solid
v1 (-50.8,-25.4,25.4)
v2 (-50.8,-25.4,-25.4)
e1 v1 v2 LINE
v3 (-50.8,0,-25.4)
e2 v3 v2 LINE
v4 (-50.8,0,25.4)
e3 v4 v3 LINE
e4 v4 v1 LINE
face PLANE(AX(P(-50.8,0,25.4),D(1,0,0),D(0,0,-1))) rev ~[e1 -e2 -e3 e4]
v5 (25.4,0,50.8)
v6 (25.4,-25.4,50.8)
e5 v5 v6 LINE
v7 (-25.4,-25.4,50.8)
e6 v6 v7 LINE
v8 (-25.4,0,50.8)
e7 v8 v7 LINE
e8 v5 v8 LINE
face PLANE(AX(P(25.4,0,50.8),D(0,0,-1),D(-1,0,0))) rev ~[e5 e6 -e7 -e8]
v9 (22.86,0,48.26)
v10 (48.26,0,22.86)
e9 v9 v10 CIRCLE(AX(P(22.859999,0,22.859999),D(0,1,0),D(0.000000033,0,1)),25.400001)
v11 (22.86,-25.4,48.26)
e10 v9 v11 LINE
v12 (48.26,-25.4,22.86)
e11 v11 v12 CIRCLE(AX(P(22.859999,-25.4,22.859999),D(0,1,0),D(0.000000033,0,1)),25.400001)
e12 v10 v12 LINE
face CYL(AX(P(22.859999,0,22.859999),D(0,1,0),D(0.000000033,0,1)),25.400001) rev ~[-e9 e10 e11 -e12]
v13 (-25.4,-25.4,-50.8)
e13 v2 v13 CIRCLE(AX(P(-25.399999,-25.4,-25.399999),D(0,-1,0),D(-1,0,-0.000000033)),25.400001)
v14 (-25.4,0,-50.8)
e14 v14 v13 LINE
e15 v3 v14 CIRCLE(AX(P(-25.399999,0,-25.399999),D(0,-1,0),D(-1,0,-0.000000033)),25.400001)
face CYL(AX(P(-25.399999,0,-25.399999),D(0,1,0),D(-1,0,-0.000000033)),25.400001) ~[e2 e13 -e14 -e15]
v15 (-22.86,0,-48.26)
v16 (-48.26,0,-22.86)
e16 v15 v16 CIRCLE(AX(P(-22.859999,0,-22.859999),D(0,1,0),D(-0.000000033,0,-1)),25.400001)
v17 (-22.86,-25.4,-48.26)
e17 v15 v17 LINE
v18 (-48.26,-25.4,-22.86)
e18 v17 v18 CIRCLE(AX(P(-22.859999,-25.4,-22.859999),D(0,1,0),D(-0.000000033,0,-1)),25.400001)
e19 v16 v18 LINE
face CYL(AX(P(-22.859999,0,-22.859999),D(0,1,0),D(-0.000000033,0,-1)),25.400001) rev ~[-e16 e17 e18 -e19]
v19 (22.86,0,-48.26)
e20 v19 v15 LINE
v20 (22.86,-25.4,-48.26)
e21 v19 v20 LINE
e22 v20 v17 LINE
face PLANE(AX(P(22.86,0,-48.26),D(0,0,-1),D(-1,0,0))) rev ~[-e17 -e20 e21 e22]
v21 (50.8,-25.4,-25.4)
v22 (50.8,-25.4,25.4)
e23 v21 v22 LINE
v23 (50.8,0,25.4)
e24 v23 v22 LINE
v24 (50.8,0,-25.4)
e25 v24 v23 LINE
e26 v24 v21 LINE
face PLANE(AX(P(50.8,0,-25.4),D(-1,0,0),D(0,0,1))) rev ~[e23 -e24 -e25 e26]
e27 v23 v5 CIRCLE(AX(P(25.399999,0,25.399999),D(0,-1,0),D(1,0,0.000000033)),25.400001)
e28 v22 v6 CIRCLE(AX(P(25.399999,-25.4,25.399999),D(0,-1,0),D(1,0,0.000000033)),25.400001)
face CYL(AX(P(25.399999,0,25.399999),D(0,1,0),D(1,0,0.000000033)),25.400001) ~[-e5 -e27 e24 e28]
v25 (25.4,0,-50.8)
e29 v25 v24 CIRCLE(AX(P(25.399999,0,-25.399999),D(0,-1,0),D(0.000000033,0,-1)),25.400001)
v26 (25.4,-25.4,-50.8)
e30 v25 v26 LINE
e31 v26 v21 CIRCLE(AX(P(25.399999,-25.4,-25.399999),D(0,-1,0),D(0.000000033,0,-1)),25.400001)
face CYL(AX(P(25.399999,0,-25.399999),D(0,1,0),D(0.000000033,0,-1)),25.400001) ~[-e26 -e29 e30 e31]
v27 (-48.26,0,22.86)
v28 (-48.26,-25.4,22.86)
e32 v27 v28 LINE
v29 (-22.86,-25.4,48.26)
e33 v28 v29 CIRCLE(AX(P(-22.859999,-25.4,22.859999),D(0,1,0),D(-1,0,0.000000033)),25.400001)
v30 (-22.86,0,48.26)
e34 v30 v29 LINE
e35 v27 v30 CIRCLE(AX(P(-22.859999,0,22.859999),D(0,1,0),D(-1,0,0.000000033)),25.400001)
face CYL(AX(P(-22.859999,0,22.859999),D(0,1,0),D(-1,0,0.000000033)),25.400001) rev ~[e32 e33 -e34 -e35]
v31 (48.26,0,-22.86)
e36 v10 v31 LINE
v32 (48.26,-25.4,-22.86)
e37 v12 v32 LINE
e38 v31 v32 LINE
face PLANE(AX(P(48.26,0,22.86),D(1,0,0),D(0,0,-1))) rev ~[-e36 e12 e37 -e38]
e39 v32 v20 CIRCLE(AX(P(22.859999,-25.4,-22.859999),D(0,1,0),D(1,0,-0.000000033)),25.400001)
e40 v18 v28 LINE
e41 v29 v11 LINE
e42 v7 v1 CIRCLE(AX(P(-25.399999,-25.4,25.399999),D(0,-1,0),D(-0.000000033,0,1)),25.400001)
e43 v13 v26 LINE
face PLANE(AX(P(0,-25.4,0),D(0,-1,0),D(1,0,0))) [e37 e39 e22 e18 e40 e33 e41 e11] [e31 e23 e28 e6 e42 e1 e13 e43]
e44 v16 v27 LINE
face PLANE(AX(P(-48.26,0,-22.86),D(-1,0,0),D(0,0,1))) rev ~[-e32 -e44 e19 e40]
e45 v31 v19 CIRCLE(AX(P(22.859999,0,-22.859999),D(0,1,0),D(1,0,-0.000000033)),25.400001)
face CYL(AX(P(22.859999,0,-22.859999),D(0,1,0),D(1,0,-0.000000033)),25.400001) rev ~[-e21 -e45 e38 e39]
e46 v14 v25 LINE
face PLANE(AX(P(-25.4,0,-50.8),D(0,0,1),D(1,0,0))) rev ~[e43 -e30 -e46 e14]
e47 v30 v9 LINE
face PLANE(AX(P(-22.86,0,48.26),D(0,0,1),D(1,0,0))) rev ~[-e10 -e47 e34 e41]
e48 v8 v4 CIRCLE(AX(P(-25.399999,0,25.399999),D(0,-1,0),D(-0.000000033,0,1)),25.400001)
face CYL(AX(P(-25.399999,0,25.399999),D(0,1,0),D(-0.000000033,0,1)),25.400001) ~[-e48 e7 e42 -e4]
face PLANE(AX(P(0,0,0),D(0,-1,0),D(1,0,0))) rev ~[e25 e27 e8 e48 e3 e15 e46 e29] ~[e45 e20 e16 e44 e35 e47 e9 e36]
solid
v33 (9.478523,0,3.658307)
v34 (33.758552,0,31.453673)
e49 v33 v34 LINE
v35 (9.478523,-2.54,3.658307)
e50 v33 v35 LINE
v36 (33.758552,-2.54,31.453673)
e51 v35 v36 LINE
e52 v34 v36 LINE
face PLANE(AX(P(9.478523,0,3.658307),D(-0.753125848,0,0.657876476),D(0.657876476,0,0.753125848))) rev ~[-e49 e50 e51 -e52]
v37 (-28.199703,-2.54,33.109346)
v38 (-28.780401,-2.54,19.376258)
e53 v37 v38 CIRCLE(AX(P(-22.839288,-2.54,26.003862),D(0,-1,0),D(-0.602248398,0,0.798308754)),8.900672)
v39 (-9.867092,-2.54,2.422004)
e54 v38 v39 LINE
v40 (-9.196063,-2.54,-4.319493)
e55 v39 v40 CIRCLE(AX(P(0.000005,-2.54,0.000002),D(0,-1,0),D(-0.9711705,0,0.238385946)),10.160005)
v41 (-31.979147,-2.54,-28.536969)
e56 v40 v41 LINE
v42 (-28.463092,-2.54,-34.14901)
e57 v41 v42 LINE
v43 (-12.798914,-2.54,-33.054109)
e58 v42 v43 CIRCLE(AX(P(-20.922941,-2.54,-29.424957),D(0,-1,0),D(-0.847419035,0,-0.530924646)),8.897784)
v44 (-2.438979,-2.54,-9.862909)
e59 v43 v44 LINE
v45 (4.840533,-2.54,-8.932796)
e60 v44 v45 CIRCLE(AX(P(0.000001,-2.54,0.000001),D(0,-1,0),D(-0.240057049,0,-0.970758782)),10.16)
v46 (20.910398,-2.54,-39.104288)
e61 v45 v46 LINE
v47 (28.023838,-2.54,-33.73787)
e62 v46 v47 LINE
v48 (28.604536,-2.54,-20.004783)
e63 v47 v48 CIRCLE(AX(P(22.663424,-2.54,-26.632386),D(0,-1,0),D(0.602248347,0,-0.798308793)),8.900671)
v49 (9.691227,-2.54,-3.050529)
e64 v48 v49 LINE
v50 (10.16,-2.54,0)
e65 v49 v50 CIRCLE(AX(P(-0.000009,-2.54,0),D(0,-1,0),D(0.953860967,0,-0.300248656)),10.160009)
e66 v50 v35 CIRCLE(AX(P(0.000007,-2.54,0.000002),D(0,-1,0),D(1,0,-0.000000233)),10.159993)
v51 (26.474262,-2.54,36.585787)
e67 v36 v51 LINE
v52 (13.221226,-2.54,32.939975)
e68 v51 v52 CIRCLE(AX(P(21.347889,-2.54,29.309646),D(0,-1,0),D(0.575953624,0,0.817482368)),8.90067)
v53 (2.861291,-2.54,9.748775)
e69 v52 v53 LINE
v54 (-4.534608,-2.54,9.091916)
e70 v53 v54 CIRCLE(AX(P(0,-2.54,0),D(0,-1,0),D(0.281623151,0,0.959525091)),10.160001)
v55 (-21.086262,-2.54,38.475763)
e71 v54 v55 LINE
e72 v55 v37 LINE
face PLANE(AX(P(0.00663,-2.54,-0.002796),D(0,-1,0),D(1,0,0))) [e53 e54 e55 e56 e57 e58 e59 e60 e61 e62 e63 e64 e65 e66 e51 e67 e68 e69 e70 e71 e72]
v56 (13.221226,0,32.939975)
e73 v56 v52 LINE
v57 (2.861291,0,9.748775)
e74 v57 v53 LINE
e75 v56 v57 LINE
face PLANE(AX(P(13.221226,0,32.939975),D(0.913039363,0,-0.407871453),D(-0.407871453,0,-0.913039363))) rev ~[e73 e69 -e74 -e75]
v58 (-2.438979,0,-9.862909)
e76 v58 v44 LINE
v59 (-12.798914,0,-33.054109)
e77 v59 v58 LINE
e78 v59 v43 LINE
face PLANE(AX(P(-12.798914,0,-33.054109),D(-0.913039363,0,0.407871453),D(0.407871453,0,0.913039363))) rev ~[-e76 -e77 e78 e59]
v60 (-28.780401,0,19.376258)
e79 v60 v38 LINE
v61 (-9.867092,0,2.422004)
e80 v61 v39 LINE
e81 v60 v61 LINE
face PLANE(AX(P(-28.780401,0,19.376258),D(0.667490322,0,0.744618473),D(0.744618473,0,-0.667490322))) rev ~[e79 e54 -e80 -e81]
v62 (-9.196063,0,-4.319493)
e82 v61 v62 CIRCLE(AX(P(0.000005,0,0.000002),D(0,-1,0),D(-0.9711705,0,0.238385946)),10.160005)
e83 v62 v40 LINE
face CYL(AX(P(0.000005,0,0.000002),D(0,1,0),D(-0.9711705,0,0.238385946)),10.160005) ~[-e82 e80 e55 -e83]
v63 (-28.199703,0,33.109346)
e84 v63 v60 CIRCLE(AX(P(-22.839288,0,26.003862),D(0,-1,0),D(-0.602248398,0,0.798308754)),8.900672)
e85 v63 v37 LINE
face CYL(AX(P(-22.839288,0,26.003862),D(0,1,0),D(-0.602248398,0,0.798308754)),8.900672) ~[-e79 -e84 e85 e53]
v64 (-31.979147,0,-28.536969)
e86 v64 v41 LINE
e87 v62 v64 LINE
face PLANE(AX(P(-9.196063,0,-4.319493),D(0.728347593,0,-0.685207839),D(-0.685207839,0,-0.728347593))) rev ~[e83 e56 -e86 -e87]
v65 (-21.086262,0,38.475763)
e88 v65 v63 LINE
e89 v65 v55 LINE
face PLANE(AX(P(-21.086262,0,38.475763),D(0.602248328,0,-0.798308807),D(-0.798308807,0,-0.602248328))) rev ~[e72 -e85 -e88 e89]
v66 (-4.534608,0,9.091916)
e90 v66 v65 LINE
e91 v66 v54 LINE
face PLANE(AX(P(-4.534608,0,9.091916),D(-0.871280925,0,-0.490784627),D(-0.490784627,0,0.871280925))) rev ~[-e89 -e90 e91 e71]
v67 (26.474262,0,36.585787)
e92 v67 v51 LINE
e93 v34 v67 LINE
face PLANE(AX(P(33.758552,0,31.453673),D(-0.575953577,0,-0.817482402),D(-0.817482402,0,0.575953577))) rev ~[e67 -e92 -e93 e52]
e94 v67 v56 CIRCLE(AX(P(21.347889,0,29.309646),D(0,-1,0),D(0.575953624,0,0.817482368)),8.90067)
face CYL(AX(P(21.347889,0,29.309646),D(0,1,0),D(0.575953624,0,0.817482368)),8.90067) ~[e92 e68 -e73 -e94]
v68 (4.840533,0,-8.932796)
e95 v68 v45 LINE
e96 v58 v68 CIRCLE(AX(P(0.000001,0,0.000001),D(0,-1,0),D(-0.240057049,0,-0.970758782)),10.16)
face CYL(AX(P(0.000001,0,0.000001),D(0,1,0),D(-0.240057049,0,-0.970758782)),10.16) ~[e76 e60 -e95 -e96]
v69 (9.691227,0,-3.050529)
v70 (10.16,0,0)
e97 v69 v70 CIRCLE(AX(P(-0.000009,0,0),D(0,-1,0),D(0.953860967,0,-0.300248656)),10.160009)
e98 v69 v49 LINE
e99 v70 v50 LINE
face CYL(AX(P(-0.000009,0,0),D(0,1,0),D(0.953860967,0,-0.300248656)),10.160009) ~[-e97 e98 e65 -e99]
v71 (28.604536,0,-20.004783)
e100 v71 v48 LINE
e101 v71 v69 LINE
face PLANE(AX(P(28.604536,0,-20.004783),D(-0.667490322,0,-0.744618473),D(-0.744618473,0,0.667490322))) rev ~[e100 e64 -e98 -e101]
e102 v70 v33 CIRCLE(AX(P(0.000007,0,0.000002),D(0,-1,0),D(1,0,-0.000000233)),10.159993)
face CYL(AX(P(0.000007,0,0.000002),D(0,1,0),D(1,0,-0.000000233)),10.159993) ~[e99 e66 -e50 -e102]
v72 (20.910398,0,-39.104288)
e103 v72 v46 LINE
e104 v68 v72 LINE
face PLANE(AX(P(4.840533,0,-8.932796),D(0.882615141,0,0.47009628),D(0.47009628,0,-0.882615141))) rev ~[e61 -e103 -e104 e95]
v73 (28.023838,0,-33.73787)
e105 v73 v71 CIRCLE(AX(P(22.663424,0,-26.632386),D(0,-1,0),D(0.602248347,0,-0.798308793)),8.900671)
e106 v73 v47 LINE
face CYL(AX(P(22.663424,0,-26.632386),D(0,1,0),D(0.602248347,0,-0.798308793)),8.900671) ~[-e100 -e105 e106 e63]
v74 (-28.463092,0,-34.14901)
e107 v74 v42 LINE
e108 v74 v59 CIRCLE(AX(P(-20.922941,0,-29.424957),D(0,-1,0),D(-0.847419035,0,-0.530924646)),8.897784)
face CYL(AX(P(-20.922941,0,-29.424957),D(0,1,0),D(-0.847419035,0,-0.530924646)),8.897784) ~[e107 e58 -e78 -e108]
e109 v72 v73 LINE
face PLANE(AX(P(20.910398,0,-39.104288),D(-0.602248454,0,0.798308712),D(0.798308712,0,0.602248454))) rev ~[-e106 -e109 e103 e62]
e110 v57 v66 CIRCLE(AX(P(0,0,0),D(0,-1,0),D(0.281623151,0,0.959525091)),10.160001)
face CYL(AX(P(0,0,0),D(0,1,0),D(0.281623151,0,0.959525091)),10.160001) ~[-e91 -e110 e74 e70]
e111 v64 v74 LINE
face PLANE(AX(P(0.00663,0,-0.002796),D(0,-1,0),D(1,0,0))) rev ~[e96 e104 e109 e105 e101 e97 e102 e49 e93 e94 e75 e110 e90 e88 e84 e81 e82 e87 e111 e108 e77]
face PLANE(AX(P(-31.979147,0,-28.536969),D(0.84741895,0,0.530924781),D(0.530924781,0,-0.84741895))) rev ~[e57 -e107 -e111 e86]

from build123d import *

# Parameters (mm, degrees)
F1_DEPTH = 25.4
F3_DEPTH = 2.54


with BuildPart() as f1:
    # F0 (on Front) → F1 (new body)
    with BuildSketch(Plane.XZ):
        with BuildLine():
            ThreePointArc((50.8, 25.4), (43.360512, 43.360512), (25.4, 50.8))
            Line((25.4, 50.8), (-25.4, 50.8))
            ThreePointArc((-25.4, 50.8), (-43.360512, 43.360512), (-50.8, 25.4))
            Line((-50.8, 25.4), (-50.8, -25.4))
            ThreePointArc((-50.8, -25.4), (-43.360512, -43.360512), (-25.4, -50.8))
            Line((-25.4, -50.8), (25.4, -50.8))
            ThreePointArc((25.4, -50.8), (43.360512, -43.360512), (50.8, -25.4))
            Line((50.8, -25.4), (50.8, 25.4))
        make_face()
        with BuildLine():
            ThreePointArc((-48.26, 22.86), (-40.820512, 40.820512), (-22.86, 48.26))
            Line((-22.86, 48.26), (22.86, 48.26))
            ThreePointArc((22.86, 48.26), (40.820512, 40.820512), (48.26, 22.86))
            Line((48.26, 22.86), (48.26, -22.86))
            ThreePointArc((48.26, -22.86), (40.820512, -40.820512), (22.86, -48.26))
            Line((22.86, -48.26), (-22.86, -48.26))
            ThreePointArc((-22.86, -48.26), (-40.820512, -40.820512), (-48.26, -22.86))
            Line((-48.26, -22.86), (-48.26, 22.86))
        make_face(mode=Mode.SUBTRACT)
    extrude(amount=F1_DEPTH)


with BuildPart() as f3:
    # F2 (on Front) → F3 (new body)
    with BuildSketch(Plane.XZ):
        with BuildLine():
            ThreePointArc((9.691227, -3.050529), (10.042123, -1.543168), (10.16, 0))
            ThreePointArc((10.16, 0), (9.988178, 1.86062), (9.478523, 3.658307))
            ThreePointArc((9.478523, 3.658307), (6.880494, 7.475587), (2.861291, 9.748775))
            ThreePointArc((2.861291, 9.748775), (-0.898812, 10.120165), (-4.534608, 9.091916))
            ThreePointArc((-4.534608, 9.091916), (-7.935627, 6.344401), (-9.867092, 2.422004))
            ThreePointArc((-9.867092, 2.422004), (-10.11004, -1.006323), (-9.196063, -4.319493))
            ThreePointArc((-9.196063, -4.319493), (-6.444061, -7.854914), (-2.438979, -9.862909))
            ThreePointArc((-2.438979, -9.862909), (1.287689, -10.078068), (4.840533, -8.932796))
            ThreePointArc((4.840533, -8.932796), (7.838576, -6.463925), (9.691227, -3.050529))
        make_face()
        with BuildLine():
            ThreePointArc((2.861291, 9.748775), (6.880494, 7.475587), (9.478523, 3.658307))
            Line((9.478523, 3.658307), (33.758552, 31.453673))
            Line((33.758552, 31.453673), (26.474262, 36.585787))
            ThreePointArc((26.474262, 36.585787), (18.987079, 37.891517), (13.221226, 32.939975))
            Line((13.221226, 32.939975), (2.861291, 9.748775))
        make_face()
        with BuildLine():
            Line((28.604536, -20.004783), (9.691227, -3.050529))
            ThreePointArc((9.691227, -3.050529), (7.838576, -6.463925), (4.840533, -8.932796))
            Line((4.840533, -8.932796), (20.910398, -39.104288))
            Line((20.910398, -39.104288), (28.023838, -33.73787))
            ThreePointArc((28.023838, -33.73787), (31.556148, -27.008412), (28.604536, -20.004783))
        make_face()
        with BuildLine():
            ThreePointArc((-9.867092, 2.422004), (-7.935627, 6.344401), (-4.534608, 9.091916))
            Line((-4.534608, 9.091916), (-21.086262, 38.475763))
            Line((-21.086262, 38.475763), (-28.199703, 33.109346))
            ThreePointArc((-28.199703, 33.109346), (-31.732013, 26.379887), (-28.780401, 19.376258))
            Line((-28.780401, 19.376258), (-9.867092, 2.422004))
        make_face()
        with BuildLine():
            Line((-12.798914, -33.054109), (-2.438979, -9.862909))
            ThreePointArc((-2.438979, -9.862909), (-6.444061, -7.854914), (-9.196063, -4.319493))
            Line((-9.196063, -4.319493), (-31.979147, -28.536969))
            Line((-31.979147, -28.536969), (-28.463092, -34.14901))
            ThreePointArc((-28.463092, -34.14901), (-20.302514, -38.301084), (-12.798914, -33.054109))
        make_face()
    extrude(amount=F3_DEPTH)


solid = Compound([f1.part, f3.part])
